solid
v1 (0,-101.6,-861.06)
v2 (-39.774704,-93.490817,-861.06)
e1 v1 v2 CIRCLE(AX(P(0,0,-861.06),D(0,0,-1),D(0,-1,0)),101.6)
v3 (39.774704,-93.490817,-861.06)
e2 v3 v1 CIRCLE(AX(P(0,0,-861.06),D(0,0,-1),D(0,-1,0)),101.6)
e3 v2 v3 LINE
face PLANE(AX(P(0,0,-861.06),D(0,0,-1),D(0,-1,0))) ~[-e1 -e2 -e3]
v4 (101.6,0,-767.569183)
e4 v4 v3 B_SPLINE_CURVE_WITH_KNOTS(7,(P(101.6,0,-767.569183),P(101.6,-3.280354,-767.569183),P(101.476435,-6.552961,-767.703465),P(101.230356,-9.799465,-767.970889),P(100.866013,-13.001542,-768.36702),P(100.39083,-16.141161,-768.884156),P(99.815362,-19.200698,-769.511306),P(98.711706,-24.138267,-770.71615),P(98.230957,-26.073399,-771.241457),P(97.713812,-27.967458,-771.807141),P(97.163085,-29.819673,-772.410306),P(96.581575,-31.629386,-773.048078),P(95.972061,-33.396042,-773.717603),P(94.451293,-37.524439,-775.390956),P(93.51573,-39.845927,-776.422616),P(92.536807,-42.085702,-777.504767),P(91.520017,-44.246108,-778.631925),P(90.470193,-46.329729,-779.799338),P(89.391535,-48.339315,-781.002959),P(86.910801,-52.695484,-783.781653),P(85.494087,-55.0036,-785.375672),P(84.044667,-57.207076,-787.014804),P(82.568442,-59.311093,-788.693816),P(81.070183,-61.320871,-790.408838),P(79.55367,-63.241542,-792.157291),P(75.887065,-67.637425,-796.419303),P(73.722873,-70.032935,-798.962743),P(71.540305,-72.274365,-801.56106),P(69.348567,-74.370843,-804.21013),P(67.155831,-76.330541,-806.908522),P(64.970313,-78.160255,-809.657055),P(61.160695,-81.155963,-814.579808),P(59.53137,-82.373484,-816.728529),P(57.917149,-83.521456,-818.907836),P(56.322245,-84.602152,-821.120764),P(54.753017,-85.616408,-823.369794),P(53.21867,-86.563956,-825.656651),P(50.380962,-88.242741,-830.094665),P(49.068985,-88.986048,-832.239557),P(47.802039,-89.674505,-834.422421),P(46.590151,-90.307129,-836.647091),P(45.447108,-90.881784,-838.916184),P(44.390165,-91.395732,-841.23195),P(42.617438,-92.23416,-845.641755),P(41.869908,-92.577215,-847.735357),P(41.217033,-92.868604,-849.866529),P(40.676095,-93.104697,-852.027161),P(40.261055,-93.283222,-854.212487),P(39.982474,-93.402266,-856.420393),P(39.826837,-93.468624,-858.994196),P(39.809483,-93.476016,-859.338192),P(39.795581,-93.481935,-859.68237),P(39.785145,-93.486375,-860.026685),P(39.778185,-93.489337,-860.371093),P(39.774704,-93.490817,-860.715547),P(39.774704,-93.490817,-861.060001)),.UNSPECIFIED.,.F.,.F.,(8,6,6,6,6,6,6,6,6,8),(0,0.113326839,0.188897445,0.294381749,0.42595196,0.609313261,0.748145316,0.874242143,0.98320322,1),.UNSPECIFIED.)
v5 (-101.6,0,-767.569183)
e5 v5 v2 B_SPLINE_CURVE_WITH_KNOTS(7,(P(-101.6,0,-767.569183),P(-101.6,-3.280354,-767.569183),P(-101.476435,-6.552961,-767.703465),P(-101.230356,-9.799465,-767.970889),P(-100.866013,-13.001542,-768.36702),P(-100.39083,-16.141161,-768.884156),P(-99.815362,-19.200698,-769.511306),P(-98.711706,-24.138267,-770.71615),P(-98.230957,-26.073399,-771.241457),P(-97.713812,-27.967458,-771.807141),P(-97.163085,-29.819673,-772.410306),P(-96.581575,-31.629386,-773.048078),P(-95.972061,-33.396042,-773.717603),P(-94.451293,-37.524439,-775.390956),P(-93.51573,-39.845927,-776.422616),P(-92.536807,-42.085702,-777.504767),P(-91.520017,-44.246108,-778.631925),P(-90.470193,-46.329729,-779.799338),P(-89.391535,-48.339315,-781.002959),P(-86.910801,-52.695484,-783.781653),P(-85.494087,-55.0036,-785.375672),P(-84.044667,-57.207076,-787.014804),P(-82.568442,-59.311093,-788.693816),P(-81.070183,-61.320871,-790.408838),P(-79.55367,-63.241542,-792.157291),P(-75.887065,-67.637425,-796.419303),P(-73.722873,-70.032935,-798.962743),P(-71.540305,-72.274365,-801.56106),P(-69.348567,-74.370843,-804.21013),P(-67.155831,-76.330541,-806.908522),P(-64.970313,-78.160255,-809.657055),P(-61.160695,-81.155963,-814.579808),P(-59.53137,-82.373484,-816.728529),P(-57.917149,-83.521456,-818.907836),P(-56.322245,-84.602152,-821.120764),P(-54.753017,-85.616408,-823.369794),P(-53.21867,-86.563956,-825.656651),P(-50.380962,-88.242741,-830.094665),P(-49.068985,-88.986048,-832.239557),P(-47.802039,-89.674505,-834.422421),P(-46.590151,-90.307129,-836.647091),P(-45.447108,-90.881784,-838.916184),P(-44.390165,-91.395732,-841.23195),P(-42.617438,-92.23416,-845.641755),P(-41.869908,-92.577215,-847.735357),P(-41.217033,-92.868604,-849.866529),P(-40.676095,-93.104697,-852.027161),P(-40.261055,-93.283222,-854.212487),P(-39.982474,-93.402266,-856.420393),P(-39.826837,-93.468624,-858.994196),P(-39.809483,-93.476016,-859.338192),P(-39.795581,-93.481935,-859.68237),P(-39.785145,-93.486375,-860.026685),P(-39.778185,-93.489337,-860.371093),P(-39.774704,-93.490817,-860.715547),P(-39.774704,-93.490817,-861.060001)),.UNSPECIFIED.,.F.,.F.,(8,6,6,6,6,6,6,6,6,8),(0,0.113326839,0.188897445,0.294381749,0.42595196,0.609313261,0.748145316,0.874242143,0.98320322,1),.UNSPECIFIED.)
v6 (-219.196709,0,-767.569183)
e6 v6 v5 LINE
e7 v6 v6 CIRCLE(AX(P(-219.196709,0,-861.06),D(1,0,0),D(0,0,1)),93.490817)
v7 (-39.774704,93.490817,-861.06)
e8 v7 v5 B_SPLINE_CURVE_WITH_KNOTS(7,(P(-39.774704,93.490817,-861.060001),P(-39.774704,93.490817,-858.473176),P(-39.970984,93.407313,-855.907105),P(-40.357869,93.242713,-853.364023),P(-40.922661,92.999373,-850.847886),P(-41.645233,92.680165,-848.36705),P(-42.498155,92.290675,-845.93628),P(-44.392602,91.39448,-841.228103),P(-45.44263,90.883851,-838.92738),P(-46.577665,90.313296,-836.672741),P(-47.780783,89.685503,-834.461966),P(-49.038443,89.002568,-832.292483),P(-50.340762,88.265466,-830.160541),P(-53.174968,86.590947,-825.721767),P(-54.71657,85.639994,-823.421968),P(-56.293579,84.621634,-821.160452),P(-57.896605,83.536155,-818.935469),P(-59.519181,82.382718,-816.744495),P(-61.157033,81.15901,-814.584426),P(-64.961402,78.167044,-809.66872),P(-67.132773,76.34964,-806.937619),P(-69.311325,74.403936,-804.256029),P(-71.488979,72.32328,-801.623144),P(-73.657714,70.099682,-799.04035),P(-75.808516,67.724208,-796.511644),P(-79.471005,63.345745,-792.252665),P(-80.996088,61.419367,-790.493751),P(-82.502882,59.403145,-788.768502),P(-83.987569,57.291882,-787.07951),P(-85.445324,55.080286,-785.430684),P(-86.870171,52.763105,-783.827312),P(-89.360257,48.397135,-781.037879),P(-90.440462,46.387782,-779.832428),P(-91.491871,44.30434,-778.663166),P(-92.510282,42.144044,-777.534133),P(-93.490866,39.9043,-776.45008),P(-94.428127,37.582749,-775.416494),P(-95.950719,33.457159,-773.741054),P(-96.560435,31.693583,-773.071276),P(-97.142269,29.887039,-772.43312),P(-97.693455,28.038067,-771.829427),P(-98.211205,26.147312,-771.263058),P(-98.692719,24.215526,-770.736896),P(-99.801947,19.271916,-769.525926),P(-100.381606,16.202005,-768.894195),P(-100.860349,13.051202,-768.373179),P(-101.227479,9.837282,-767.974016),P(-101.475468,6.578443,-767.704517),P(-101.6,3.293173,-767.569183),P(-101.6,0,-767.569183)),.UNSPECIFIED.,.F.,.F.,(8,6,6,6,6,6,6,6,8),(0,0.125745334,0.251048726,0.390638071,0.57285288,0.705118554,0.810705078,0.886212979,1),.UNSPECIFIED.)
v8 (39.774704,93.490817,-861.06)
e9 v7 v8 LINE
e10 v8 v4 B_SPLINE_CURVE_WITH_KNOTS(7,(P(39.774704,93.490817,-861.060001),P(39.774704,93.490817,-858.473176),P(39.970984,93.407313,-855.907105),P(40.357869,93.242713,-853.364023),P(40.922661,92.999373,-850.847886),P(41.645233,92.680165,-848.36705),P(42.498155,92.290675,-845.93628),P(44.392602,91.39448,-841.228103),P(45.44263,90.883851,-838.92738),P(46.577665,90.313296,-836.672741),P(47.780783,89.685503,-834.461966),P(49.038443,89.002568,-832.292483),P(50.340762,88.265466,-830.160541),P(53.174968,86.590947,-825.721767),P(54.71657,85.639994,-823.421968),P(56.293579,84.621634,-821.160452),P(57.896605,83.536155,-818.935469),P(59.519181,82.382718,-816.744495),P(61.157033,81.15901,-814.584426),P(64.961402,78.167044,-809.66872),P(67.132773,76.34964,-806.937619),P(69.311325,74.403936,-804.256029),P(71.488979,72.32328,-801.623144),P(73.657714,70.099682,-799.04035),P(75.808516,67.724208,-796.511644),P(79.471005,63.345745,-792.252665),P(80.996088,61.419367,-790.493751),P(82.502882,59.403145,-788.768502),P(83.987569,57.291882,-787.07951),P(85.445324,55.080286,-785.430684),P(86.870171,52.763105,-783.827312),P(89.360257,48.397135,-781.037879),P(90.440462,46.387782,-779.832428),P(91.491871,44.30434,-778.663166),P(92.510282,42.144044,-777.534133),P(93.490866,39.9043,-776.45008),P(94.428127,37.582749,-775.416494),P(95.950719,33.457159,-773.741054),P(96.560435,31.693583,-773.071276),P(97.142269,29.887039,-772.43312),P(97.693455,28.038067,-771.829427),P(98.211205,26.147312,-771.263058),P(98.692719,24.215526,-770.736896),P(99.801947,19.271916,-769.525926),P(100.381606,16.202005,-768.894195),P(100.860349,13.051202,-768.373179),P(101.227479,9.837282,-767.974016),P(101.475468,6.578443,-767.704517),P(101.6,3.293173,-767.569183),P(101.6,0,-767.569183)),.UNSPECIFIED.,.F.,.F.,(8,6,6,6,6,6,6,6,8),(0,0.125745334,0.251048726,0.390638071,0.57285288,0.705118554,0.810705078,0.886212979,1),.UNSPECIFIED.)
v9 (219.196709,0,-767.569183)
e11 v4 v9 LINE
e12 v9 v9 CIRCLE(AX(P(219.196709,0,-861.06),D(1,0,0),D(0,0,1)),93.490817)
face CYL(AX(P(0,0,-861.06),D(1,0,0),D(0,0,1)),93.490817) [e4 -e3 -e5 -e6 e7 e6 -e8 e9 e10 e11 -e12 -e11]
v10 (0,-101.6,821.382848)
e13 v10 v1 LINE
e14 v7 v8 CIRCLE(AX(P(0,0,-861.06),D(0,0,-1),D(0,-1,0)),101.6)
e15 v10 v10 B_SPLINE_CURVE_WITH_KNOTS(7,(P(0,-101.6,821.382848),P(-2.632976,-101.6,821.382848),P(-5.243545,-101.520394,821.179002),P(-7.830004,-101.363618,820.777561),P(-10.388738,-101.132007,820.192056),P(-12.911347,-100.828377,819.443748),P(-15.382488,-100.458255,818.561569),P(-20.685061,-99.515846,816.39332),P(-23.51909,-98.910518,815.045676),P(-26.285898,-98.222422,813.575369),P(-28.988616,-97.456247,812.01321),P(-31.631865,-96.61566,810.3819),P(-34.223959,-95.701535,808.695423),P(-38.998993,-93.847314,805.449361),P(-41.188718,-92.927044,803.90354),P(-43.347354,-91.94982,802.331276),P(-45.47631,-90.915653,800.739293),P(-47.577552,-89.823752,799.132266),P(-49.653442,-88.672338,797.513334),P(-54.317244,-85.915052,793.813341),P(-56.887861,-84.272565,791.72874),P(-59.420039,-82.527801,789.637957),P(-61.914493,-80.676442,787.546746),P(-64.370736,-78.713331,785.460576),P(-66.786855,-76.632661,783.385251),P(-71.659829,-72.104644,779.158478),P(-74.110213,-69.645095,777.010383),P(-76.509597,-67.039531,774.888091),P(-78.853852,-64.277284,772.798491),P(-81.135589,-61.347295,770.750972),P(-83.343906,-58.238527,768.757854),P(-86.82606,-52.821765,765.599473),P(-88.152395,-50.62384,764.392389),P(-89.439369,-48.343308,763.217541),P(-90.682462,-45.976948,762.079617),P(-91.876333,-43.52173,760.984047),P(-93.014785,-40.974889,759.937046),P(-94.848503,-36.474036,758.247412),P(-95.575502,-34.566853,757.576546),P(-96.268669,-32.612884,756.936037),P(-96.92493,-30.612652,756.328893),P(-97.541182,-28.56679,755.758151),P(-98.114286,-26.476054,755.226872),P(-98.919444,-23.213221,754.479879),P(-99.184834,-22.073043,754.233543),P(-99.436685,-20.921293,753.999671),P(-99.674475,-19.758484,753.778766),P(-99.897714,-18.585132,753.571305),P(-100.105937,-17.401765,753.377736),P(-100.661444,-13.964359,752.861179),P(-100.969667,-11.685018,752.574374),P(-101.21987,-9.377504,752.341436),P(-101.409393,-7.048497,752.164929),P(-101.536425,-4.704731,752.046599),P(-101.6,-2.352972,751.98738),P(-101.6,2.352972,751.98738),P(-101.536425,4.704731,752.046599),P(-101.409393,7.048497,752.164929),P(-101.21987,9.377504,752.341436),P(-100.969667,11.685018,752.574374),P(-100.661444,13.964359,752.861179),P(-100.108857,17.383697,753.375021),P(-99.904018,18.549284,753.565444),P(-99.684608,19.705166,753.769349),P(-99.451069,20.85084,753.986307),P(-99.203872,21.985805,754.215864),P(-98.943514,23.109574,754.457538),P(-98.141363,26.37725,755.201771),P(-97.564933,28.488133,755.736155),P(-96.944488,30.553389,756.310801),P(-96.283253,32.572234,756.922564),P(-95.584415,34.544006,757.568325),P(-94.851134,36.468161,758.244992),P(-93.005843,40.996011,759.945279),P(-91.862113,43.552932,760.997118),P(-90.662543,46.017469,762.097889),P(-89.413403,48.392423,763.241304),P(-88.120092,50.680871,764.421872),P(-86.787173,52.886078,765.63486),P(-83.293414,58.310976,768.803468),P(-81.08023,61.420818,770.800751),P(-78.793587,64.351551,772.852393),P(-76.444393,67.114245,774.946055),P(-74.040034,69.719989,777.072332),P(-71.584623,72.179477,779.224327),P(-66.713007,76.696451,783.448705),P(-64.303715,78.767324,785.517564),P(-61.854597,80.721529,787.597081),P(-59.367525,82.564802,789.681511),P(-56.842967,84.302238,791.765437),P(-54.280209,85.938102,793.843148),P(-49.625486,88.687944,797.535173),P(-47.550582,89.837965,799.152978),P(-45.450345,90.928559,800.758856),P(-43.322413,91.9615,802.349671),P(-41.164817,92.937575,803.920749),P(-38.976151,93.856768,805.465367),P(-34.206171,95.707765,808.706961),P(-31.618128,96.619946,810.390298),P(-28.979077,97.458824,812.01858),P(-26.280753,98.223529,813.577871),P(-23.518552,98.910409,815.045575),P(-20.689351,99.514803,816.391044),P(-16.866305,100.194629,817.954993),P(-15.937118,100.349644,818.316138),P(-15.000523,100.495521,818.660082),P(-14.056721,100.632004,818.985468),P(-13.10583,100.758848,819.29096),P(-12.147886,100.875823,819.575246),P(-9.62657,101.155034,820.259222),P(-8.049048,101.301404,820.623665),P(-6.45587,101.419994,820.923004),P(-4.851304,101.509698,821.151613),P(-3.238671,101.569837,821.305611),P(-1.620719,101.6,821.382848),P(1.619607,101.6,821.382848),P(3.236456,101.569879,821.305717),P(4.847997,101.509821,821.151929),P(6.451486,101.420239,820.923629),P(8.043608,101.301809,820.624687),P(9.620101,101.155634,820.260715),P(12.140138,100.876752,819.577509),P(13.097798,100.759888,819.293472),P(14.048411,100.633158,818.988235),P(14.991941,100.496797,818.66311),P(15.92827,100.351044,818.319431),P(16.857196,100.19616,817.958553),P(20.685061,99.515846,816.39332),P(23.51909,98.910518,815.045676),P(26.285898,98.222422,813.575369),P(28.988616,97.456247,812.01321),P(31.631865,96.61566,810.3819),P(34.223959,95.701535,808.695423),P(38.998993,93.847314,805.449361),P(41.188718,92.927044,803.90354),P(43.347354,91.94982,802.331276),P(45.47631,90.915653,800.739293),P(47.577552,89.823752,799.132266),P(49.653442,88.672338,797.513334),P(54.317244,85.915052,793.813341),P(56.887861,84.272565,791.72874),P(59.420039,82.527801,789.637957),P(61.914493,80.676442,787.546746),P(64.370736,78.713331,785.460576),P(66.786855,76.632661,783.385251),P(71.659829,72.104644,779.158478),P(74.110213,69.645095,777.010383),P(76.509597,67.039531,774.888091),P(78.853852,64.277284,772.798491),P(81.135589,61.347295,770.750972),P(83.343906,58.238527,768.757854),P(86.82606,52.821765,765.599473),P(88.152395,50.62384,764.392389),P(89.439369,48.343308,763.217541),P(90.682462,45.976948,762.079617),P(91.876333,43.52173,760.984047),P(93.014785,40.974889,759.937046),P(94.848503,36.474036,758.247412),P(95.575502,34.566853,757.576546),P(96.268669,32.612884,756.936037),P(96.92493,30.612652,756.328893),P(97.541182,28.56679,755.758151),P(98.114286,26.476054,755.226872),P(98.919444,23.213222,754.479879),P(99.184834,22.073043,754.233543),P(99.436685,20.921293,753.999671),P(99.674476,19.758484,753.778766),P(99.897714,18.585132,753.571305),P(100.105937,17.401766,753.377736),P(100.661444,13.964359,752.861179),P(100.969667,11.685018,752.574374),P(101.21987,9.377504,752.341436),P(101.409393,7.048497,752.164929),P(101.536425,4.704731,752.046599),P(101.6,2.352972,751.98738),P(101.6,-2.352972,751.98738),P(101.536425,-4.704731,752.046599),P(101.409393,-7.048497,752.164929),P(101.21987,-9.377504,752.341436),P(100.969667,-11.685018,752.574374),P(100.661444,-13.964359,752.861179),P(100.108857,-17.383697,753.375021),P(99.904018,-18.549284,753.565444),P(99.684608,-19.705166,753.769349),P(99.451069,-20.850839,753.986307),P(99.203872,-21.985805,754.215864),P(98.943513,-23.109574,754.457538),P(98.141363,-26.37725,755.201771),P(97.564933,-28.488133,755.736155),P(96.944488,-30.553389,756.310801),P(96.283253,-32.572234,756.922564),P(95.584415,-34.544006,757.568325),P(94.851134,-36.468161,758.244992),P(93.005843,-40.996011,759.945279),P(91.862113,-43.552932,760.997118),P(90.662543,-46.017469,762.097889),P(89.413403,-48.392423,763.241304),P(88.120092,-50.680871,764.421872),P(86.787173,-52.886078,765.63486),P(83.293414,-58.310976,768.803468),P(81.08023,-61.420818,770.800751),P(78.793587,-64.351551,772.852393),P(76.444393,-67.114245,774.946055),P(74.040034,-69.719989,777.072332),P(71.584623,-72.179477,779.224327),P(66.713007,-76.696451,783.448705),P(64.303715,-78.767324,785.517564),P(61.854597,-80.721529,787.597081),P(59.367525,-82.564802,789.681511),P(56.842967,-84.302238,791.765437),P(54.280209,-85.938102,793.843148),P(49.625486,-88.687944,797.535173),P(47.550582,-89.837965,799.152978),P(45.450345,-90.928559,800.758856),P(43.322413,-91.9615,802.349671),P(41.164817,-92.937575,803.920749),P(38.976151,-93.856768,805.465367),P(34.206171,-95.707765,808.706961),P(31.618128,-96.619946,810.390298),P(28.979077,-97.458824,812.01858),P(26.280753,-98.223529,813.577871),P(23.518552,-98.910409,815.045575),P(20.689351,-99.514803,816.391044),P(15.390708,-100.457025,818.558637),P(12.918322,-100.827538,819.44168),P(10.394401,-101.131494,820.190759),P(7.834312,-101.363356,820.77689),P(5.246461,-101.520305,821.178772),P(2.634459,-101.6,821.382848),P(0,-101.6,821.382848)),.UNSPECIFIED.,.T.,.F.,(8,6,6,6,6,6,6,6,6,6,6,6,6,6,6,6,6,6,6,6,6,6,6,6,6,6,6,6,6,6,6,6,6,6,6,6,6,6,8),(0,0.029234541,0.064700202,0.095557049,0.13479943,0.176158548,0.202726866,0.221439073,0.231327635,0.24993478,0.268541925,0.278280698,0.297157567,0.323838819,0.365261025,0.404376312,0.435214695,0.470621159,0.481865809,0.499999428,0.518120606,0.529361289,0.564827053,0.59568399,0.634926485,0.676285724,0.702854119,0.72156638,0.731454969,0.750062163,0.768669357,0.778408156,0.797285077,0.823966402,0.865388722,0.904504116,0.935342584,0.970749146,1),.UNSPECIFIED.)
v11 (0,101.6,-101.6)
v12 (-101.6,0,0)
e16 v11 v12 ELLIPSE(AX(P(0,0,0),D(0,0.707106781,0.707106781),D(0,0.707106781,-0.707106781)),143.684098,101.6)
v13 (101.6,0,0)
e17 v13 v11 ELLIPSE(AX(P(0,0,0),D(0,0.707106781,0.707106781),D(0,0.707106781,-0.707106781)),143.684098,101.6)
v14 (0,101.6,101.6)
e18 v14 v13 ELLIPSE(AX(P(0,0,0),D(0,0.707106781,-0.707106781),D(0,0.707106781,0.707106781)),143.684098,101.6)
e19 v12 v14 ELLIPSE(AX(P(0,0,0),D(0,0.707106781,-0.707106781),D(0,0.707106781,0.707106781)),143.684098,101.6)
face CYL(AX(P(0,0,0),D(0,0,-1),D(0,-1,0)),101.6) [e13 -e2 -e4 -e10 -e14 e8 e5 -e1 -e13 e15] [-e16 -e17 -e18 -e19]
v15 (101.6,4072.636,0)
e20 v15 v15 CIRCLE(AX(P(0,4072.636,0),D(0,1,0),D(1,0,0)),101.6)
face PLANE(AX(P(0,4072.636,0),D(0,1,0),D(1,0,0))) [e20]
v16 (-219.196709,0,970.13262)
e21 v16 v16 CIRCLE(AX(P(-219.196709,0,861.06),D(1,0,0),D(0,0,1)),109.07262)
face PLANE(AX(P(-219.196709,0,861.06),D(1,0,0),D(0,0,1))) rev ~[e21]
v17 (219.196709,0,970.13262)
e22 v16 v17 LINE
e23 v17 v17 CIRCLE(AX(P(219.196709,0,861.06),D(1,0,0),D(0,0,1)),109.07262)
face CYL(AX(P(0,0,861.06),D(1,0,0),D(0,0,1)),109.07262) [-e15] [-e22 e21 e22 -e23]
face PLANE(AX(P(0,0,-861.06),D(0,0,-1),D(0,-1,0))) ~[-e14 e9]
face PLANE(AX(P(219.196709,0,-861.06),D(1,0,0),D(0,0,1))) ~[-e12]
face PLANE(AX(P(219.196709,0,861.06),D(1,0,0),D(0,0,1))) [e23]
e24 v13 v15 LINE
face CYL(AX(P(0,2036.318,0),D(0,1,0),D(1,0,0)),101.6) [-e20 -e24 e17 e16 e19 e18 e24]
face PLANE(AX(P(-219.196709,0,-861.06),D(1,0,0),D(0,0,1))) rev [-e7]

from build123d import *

# Parameters (mm, degrees)
SKETCH1_W   = 101.6
SKETCH1_H   = 4072.636
SKETCH2_W   = 1722.12
SKETCH2_H   = 101.6
SKETCH3_W   = 438.393418328
SKETCH3_H   = 93.490817115
SKETCH3_4_W = 438.393418328
SKETCH3_4_H = 109.072619968


with BuildPart() as part:
    # Sketch1 → Revolve3 (revolve)
    with BuildSketch(Plane.XY):
        with Locations((-50.8, 2036.318)):
            Rectangle(SKETCH1_W, SKETCH1_H)
    revolve(axis=Axis((0, 0, 0), (0, 1, 0)))

    # Sketch2 → Revolve4 (revolve)
    with BuildSketch(Plane(origin=(0, 0, 0), x_dir=(0, 0, -1), z_dir=(1, 0, 0))):
        with Locations((0, 50.8)):
            Rectangle(SKETCH2_W, SKETCH2_H)
    revolve(axis=Axis((0, 0, 861.06), (0, 0, -1)))

    # Sketch3 → Revolve7 (revolve)
    with BuildSketch(Plane(origin=(0, 0, 0), x_dir=(1, 0, 0), z_dir=(0, 1, 0))):
        with Locations((0, 907.805408558)):
            Rectangle(SKETCH3_W, SKETCH3_H)
    revolve(axis=Axis((-219.196709164, 0, -861.06), (1, 0, 0)))

    # Sketch3<4> → Revolve9 (revolve)
    with BuildSketch(Plane(origin=(0, 0, 0), x_dir=(1, 0, 0), z_dir=(0, 1, 0))):
        with Locations((0, -915.596309984)):
            Rectangle(SKETCH3_4_W, SKETCH3_4_H)
    revolve(axis=Axis((-219.196709164, 0, 861.06), (1, 0, 0)))


solid = part.part
